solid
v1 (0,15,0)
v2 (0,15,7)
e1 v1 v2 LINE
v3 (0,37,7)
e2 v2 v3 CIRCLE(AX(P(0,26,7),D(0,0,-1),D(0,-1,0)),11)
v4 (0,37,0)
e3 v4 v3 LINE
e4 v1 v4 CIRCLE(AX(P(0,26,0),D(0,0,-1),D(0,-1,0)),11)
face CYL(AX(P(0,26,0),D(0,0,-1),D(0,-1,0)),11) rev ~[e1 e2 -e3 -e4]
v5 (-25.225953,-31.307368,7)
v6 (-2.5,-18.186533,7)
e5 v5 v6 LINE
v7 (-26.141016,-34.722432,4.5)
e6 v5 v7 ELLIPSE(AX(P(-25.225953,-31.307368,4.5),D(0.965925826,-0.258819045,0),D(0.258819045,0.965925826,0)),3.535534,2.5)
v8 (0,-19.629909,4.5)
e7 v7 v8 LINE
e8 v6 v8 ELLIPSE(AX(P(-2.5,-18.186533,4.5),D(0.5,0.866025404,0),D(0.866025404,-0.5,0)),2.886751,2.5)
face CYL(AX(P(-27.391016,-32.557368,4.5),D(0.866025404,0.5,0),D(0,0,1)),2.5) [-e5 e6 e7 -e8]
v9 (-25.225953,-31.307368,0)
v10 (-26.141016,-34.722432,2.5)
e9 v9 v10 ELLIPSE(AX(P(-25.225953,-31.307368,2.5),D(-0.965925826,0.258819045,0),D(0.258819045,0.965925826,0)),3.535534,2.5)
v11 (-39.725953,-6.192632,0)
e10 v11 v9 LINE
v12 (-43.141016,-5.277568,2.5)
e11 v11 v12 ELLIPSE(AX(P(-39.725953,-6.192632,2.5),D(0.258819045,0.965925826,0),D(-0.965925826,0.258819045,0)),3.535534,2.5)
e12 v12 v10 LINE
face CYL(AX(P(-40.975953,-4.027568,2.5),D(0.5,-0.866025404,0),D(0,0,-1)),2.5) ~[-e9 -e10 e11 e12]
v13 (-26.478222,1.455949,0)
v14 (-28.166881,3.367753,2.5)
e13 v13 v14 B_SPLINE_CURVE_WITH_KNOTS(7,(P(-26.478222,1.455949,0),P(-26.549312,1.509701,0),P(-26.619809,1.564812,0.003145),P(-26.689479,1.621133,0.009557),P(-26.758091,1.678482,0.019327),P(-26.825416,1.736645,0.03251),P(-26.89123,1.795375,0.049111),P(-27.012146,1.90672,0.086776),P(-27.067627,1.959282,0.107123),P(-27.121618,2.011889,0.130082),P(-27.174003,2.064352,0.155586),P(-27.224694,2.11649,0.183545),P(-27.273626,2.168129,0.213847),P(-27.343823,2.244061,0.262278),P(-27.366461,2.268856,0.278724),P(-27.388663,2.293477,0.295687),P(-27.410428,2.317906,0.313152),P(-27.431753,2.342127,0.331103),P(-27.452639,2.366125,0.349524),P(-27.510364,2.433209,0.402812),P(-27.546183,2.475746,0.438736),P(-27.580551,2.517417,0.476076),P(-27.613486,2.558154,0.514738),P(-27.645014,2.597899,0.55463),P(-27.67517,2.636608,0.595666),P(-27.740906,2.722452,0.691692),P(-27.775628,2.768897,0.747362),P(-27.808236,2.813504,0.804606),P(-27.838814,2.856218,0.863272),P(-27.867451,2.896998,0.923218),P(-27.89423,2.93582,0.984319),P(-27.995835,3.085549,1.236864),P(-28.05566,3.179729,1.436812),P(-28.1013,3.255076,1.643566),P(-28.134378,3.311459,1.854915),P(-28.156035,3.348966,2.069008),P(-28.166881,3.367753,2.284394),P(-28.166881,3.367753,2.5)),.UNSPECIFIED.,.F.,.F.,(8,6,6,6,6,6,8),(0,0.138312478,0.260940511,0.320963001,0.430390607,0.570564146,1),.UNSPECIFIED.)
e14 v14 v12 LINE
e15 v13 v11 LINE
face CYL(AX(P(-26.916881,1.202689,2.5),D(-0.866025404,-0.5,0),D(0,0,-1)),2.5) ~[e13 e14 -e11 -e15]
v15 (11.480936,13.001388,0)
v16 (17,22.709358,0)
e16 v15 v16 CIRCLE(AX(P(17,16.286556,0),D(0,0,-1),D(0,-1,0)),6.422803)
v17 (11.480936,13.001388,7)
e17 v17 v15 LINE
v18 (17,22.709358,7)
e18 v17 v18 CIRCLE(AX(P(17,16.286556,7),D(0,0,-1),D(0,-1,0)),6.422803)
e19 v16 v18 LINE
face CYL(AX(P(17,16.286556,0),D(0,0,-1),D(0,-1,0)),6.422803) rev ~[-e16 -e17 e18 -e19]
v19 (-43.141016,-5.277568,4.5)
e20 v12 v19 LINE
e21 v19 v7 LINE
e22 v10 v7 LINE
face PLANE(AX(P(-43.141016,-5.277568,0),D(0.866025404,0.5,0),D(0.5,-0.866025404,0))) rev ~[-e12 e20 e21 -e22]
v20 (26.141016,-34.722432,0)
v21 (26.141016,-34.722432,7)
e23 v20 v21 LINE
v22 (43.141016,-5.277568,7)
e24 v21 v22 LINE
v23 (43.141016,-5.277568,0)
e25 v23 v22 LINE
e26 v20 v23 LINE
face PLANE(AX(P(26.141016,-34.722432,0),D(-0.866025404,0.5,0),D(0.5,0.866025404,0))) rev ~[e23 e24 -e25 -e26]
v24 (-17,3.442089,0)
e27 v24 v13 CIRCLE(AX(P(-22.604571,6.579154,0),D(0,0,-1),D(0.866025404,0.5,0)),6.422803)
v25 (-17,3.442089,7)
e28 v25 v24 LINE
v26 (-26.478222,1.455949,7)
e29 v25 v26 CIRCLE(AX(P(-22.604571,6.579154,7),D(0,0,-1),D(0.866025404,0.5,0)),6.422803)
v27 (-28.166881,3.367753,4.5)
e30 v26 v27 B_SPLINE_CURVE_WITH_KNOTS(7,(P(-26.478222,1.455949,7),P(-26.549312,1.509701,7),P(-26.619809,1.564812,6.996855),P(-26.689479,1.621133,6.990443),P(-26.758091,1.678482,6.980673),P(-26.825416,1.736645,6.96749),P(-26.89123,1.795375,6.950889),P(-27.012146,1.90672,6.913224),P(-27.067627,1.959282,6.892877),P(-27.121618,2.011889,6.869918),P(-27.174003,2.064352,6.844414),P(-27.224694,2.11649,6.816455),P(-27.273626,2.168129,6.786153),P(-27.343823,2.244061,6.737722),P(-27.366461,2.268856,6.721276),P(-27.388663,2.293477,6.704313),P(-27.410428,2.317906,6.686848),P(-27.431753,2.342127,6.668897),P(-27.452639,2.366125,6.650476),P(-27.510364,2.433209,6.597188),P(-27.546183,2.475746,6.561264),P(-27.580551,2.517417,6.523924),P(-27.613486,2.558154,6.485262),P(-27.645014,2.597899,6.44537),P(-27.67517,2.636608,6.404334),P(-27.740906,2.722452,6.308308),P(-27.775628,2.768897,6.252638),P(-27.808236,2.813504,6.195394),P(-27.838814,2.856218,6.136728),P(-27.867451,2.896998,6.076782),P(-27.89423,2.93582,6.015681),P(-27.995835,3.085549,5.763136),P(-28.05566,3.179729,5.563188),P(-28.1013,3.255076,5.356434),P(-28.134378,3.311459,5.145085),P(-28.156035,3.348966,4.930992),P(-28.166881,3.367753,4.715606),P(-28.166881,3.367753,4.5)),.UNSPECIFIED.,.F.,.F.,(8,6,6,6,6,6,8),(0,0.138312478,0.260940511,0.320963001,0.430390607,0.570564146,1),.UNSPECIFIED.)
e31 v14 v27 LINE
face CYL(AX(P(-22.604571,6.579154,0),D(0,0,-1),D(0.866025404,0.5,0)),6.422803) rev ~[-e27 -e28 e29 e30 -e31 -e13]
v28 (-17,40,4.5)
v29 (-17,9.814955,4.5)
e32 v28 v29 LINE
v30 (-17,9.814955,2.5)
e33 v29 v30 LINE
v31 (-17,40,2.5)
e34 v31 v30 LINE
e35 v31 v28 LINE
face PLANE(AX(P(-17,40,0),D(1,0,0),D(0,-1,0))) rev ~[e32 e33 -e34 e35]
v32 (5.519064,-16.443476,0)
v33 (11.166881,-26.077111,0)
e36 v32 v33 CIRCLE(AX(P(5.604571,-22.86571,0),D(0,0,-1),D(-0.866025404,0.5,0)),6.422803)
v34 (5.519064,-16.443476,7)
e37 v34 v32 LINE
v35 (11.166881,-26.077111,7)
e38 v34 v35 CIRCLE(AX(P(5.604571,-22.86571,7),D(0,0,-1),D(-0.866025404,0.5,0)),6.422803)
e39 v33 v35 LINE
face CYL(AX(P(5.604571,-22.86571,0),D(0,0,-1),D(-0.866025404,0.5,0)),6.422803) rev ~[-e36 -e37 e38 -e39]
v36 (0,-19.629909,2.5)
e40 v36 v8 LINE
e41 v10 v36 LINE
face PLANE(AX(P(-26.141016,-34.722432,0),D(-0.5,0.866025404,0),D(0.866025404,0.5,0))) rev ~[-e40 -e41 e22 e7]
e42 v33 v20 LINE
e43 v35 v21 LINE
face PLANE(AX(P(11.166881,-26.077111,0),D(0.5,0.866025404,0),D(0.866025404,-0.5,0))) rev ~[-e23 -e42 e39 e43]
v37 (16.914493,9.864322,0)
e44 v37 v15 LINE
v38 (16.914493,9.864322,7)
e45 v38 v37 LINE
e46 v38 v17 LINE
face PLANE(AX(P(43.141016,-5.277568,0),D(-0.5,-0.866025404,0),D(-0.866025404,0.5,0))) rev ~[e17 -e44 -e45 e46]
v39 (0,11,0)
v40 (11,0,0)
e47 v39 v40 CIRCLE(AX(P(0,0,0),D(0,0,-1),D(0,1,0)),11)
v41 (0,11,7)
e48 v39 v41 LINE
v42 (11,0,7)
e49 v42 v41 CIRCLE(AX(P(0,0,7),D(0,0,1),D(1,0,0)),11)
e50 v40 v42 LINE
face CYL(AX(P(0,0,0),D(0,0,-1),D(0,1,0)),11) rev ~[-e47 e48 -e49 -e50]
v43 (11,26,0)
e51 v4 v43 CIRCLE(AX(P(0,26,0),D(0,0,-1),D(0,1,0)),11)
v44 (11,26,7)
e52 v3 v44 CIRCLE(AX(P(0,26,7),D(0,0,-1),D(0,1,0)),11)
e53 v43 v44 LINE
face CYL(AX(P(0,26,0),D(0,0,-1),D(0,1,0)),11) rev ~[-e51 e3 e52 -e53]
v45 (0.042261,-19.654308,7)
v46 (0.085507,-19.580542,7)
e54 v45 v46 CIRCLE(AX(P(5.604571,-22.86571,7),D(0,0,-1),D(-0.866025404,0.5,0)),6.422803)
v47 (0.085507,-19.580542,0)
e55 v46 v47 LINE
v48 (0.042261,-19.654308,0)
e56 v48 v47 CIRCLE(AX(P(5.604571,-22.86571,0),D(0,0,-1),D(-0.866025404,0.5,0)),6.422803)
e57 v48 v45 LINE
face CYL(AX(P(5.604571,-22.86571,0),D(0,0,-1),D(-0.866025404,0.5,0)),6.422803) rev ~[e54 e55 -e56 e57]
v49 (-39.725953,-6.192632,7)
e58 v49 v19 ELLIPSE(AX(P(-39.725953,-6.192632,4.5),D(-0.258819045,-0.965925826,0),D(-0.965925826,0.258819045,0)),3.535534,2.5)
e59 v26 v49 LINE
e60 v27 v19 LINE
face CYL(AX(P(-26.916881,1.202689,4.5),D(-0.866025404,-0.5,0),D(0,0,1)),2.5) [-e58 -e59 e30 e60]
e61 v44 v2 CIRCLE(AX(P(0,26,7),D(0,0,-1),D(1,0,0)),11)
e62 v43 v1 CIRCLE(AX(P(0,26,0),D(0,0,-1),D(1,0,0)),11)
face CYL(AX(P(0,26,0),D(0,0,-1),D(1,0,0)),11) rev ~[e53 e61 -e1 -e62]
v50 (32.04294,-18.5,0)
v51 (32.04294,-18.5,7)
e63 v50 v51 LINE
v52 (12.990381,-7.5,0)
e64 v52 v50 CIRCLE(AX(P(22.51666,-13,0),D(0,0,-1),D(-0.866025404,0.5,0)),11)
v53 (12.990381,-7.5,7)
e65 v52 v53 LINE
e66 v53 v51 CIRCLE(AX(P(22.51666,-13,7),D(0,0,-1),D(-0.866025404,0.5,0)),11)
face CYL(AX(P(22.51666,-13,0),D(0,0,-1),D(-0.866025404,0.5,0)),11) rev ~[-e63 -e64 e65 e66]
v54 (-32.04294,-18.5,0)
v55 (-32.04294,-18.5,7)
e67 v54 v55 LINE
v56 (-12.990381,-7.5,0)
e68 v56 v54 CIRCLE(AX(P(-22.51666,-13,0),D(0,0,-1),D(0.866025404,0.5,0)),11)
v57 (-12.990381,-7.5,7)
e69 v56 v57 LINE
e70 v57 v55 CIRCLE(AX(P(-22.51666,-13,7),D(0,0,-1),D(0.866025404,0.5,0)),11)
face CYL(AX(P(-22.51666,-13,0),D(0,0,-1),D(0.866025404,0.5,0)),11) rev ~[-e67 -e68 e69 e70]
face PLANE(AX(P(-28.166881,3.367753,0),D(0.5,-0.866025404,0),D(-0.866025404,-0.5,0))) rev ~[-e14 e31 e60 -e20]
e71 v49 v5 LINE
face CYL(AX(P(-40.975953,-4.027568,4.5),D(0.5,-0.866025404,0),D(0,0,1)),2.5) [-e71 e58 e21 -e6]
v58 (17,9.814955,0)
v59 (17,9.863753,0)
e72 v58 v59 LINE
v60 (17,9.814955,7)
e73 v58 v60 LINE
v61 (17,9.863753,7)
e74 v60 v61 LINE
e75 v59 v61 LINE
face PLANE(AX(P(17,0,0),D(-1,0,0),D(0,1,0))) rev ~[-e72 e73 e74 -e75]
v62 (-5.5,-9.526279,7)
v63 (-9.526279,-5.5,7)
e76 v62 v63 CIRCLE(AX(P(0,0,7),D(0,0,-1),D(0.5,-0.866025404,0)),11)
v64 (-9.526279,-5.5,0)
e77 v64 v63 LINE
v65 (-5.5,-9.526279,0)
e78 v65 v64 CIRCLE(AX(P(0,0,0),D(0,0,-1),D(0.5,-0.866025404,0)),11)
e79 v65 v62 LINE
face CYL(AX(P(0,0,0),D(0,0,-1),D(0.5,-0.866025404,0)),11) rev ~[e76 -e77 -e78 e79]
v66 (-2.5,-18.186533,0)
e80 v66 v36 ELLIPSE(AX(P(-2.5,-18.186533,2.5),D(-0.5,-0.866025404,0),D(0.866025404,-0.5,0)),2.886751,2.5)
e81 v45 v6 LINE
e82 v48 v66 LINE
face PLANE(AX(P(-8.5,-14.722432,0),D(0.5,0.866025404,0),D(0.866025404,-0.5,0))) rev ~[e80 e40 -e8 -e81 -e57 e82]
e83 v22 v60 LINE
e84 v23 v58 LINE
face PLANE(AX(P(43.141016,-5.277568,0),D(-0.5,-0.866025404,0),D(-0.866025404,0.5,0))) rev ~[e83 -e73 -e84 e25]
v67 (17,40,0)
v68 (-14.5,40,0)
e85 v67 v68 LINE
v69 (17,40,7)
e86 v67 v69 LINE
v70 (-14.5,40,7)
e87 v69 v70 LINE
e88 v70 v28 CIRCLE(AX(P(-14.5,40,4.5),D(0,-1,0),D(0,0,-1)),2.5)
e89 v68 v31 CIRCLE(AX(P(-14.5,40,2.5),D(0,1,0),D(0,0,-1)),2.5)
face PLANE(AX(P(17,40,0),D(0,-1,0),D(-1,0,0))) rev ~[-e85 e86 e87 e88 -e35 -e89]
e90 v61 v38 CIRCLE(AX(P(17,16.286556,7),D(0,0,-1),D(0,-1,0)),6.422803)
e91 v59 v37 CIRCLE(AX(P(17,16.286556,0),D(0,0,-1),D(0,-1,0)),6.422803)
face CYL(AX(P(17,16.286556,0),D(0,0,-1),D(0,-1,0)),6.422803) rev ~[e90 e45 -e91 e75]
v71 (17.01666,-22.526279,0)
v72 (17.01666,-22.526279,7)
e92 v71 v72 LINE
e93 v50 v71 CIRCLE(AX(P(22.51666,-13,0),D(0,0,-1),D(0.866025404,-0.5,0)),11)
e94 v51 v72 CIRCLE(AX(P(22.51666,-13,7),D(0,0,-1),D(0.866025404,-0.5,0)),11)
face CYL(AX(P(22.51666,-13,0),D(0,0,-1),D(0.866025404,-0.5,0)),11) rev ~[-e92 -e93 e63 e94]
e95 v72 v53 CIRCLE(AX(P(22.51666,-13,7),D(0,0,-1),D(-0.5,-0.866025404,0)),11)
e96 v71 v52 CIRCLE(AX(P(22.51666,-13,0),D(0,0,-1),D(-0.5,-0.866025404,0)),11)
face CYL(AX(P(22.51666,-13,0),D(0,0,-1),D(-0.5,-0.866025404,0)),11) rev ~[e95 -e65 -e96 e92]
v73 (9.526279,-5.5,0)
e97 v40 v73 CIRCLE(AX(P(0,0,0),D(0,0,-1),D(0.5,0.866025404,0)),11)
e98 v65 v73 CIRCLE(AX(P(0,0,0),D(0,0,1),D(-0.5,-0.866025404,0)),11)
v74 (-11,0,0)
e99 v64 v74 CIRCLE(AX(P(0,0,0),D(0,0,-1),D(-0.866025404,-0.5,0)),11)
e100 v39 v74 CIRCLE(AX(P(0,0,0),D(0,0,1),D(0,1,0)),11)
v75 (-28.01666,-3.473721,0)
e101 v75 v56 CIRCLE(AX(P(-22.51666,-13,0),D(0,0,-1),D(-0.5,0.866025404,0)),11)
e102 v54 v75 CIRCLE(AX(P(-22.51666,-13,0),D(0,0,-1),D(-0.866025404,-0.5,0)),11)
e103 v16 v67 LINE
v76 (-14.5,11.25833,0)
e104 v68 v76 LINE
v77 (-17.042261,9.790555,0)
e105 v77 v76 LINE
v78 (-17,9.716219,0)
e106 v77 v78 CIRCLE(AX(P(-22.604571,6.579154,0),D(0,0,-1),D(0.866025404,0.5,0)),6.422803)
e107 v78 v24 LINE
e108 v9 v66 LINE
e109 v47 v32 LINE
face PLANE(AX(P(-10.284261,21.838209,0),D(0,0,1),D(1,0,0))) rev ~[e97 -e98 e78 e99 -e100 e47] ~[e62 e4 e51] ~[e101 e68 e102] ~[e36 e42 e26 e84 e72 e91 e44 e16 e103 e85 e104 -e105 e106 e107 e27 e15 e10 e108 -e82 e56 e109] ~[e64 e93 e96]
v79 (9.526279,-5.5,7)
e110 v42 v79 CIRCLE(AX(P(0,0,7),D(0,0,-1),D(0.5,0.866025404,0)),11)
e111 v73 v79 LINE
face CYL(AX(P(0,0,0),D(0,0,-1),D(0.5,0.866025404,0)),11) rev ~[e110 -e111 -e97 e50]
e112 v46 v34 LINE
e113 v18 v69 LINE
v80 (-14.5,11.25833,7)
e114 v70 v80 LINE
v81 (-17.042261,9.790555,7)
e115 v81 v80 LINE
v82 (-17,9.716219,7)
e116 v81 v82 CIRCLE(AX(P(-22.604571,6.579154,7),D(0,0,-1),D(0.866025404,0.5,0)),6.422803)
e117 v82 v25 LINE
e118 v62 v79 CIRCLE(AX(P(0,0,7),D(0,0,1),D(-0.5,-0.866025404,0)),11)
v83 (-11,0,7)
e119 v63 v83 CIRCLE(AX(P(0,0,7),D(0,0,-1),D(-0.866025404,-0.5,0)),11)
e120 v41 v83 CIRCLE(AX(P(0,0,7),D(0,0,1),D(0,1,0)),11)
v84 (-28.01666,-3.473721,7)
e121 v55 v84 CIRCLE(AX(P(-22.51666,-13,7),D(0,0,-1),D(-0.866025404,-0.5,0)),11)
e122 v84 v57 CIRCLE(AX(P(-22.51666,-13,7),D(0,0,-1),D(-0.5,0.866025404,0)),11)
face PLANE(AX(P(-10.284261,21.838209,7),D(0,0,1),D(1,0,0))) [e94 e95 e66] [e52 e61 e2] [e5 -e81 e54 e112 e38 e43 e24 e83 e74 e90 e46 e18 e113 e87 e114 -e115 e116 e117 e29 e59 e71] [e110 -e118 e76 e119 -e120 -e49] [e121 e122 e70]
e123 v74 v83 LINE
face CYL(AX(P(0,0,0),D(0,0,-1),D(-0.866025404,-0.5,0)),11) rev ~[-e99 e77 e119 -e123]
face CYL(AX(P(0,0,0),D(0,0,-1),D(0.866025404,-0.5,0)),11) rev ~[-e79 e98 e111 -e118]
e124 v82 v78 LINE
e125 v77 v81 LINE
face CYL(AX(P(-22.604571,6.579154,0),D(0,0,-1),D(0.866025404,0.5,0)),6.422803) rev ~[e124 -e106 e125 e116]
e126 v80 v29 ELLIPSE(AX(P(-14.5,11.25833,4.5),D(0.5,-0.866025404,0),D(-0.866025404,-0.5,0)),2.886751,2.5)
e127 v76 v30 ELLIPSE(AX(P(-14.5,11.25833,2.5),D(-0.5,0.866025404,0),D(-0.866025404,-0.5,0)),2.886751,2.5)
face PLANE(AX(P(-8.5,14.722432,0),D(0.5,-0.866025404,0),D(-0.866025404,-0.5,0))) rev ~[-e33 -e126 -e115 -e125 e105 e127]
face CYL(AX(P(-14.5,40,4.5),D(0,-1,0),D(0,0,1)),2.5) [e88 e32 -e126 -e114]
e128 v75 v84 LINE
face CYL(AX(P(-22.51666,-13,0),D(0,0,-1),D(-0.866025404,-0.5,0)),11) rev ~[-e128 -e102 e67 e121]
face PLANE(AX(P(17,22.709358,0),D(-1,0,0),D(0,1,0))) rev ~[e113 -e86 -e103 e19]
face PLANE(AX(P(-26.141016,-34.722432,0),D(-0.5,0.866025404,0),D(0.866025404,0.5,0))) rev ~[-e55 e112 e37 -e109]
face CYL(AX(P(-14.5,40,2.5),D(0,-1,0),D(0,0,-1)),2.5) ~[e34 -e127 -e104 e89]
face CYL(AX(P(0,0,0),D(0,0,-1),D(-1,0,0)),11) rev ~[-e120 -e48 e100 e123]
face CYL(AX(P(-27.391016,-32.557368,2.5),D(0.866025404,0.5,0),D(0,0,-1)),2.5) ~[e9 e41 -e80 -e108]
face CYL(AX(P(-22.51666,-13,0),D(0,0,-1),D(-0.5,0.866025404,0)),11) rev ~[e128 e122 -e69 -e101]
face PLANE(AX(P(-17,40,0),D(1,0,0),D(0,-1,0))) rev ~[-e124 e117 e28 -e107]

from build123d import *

# Parameters (mm, degrees)
F1_DEPTH = 7
F3_ANGLE = 240
F4_ANGLE = 120
F6_R     = 2.5


with BuildPart() as f1:
    # F0 (on Top) → F1 (new body)
    with BuildSketch(Plane.XY):
        with BuildLine():
            ThreePointArc((-11, 0), (-7.7781745931, 7.7781745931), (0, 11))
            Line((0, 11), (0, 15))
            ThreePointArc((0, 15), (-11, 26), (0, 37))
            Line((0, 37), (0, 40))
            Line((0, 40), (-17, 40))
            Line((-17, 40), (-17, 0))
            Line((-17, 0), (-11, 0))
        make_face()
        with BuildLine():
            ThreePointArc((0, 11), (7.7781745931, 7.7781745931), (11, 0))
            Line((11, 0), (17, 0))
            Line((17, 0), (17, 9.8637529312))
            ThreePointArc((17, 9.8637529312), (10.5771972535, 16.2865556777), (17, 22.7093584241))
            Line((17, 22.7093584241), (17, 40))
            Line((17, 40), (0, 40))
            Line((0, 40), (0, 37))
            ThreePointArc((0, 37), (7.7781745931, 33.7781745931), (11, 26))
            ThreePointArc((11, 26), (7.7781745931, 18.2218254069), (0, 15))
            Line((0, 15), (0, 11))
        make_face()
    extrude(amount=F1_DEPTH)


with BuildPart() as f3_1:
    # F3: copy of F1
    add(f1.part.rotate(Axis((0, 0, 24.7764140368), (0, 0, 1)), F3_ANGLE))


with BuildPart() as f4_1:
    # F4: copy of F1
    add(f1.part.rotate(Axis((0, 0, 24.7764140368), (0, 0, 1)), F4_ANGLE))


with BuildPart() as f1_1:
    add(f1.part)

    # F5: union F3_1, F4_1
    add(f3_1.part)
    add(f4_1.part)

    # F6
    f6_edges = [f1_1.edges().sort_by_distance(p)[0] for p in [
        (-17, 24.907477, 7),
        (-17, 24.907477, 0),
        (-35.653949, -0.954908, 7),
        (-35.653949, -0.954908, 0),
        (-13.070508, -27.176171, 7),
        (-13.070508, -27.176171, 0),
        (-34.641016, -20, 7),
        (-34.641016, -20, 0),
    ]]
    fillet(f6_edges, radius=F6_R)


solid = f1_1.part
